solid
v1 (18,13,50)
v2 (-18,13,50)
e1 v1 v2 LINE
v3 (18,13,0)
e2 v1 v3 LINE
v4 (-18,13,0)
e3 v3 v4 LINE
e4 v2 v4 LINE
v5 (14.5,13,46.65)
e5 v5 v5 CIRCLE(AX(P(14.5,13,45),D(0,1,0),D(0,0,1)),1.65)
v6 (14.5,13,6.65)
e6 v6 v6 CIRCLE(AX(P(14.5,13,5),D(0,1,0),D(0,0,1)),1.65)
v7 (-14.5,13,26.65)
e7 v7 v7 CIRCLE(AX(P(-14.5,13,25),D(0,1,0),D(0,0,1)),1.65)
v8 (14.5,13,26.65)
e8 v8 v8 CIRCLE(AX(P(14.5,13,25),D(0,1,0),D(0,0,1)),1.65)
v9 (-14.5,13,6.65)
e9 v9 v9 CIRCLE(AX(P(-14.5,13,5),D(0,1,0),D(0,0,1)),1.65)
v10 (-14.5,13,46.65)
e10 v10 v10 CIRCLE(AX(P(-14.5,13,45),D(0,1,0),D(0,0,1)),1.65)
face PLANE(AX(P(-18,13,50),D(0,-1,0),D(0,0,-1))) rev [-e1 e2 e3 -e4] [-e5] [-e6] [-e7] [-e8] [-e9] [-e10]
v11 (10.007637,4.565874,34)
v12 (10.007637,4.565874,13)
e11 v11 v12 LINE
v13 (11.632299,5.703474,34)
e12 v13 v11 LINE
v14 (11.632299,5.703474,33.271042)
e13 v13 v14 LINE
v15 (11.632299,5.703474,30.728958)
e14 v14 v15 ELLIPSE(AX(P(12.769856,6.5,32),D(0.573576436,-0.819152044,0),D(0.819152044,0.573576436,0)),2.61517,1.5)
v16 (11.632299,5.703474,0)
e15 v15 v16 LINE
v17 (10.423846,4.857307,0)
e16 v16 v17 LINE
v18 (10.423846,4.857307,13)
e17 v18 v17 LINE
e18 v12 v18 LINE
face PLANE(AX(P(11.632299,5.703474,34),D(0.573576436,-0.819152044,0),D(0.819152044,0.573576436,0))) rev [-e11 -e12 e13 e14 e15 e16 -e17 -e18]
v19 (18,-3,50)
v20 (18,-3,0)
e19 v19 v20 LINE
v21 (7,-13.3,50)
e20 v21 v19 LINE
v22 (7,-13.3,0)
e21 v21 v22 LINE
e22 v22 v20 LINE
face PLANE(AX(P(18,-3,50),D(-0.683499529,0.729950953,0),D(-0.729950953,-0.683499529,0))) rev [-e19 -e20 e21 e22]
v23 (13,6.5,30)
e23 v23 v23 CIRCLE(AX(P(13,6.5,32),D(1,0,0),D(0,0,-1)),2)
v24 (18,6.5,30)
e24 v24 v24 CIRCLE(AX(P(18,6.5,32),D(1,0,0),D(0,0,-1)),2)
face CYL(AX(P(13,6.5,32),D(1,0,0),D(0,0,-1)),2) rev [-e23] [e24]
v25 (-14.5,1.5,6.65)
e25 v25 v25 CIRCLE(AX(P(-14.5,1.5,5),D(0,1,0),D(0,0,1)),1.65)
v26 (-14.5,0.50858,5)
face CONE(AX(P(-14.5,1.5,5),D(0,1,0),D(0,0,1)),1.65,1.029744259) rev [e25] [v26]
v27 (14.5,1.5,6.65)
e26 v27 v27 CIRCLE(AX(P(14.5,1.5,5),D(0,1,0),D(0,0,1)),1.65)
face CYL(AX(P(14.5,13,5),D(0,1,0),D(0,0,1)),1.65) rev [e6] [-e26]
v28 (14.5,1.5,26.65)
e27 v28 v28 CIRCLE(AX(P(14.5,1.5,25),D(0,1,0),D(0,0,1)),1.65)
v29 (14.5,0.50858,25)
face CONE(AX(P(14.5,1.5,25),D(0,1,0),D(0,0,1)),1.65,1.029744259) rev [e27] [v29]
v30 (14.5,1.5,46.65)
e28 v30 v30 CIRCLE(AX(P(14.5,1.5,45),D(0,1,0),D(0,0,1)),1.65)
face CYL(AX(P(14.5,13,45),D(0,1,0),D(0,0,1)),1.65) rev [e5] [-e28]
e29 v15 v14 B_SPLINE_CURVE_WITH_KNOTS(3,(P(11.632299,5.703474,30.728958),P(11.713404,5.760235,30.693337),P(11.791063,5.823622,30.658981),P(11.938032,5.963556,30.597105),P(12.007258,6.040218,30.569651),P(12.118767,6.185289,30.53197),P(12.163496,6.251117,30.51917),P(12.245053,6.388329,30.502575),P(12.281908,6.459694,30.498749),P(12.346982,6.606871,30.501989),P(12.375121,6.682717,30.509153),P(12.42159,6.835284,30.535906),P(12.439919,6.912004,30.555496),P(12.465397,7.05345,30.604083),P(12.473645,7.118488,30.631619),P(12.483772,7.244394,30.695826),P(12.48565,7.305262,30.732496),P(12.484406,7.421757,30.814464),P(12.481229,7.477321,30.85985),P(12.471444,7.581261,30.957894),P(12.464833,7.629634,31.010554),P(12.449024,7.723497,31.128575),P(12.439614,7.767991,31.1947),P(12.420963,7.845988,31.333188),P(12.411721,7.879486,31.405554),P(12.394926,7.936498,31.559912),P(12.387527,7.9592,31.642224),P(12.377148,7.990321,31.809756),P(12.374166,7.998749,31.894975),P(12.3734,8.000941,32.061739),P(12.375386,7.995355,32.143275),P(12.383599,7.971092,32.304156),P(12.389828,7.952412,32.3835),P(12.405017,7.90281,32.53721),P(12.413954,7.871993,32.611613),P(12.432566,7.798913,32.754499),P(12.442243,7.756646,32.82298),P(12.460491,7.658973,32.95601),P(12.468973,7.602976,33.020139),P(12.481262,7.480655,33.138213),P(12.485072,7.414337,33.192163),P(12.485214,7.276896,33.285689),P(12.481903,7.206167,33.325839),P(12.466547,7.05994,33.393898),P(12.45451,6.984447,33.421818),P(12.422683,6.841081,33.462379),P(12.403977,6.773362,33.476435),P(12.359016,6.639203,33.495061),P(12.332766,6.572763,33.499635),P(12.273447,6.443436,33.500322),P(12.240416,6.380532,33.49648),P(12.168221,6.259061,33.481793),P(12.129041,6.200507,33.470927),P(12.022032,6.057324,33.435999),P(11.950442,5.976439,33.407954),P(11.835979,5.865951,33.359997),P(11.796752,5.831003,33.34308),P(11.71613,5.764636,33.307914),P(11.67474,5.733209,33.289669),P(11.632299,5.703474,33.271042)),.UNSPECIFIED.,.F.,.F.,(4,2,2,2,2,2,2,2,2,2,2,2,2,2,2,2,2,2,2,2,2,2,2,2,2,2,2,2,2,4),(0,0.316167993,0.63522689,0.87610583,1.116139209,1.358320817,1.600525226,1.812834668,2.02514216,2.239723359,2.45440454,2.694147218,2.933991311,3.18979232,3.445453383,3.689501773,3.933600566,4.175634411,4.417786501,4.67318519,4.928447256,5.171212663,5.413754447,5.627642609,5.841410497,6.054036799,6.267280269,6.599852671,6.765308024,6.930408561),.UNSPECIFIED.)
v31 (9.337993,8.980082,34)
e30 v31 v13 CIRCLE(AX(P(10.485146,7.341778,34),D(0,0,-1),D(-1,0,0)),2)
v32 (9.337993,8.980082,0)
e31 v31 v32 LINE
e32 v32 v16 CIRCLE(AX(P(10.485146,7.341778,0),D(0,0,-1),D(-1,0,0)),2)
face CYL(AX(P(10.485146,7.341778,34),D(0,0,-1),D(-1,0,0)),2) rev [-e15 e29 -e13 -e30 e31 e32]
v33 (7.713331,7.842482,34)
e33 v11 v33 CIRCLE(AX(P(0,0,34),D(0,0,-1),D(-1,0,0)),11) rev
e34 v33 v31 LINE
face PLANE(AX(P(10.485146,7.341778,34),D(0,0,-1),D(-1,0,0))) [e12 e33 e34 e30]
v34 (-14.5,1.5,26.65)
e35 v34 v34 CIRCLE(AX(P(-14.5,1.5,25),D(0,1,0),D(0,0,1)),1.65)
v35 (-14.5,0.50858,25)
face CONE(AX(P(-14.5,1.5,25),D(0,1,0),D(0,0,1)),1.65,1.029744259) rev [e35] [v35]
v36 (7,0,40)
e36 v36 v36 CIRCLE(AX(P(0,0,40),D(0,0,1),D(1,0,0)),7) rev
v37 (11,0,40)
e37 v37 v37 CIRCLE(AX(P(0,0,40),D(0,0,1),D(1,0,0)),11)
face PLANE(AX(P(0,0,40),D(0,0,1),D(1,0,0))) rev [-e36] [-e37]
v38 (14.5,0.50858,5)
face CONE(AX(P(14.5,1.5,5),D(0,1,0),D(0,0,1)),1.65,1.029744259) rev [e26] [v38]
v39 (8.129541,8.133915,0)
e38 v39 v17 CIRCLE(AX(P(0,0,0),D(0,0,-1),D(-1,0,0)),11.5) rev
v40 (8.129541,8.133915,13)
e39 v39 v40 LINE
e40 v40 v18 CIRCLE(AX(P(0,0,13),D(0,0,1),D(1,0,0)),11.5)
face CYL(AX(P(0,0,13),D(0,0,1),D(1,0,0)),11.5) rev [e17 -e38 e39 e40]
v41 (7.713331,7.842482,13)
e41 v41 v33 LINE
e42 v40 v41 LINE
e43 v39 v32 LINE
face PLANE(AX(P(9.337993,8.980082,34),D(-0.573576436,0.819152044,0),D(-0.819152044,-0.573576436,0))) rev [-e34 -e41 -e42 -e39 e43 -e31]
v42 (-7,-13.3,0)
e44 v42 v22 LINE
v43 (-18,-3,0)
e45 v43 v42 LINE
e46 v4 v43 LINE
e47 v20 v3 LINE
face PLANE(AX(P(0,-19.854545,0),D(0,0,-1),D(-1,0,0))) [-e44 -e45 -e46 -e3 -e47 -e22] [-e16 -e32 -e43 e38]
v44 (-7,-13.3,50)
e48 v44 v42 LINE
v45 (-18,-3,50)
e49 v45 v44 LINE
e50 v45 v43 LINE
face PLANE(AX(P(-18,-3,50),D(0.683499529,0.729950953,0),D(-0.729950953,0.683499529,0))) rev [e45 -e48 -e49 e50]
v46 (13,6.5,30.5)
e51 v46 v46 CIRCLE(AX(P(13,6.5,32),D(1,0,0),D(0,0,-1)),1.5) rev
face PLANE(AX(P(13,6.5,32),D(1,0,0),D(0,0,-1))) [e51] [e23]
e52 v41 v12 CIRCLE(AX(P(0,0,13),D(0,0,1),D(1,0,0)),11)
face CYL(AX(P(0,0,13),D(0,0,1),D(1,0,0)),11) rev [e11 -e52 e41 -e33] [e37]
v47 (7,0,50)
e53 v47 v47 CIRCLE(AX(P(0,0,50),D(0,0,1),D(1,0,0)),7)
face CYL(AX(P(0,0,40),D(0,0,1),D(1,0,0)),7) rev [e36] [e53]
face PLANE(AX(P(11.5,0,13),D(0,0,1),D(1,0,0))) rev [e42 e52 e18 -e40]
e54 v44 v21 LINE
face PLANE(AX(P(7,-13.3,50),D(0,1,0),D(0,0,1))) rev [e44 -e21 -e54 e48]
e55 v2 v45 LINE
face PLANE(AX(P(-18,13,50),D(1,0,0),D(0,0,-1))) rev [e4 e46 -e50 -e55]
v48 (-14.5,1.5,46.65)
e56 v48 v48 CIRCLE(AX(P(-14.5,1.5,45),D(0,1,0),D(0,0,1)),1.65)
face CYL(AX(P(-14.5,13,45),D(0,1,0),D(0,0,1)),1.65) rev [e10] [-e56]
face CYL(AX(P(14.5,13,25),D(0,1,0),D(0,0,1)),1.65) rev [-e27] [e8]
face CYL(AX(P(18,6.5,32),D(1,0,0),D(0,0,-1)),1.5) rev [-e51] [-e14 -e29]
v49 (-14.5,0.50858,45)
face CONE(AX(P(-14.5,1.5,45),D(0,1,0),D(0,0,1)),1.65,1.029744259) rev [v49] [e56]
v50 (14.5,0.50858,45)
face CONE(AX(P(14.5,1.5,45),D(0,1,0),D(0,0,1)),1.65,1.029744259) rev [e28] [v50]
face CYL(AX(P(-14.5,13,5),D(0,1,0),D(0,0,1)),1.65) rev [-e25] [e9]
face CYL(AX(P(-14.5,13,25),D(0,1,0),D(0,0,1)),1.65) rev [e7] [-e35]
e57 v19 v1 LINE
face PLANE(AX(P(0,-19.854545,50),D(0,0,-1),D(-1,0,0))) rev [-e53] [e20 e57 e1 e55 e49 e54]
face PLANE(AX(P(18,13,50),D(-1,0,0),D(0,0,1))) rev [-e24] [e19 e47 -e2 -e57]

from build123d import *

# Parameters (mm, degrees)
EXTRUDE_1_DEPTH             = 50
SKETCH_2_OUTSIDE_W          = 51.398
SKETCH_2_OUTSIDE_H          = 41.698
SKETCH_2_OUTSIDE_R          = 7
CUT_EXTRUDE_3_DEPTH         = 10
SKETCH_5_R                  = 11
CUT_EXTRUDE_5_DEPTH         = 27
HOLE_WIZARD_M4_1_AT_2_COUNT = 2
HOLE_WIZARD_M4_1_AT_2_PITCH = 20
HOLE_WIZARD_M4_1_AT_3_COUNT = 2
HOLE_WIZARD_M4_1_AT_3_PITCH = 40
CUT_EXTRUDE_1_DEPTH         = 34
HOLE_WIZARD_3_0_3_1_REACH   = 65.031
HOLE_WIZARD_3_0_3_1_BORE_R  = 1.5
SKETCH_65_R                 = 2
CUT_EXTRUDE_2_DEPTH         = 5


with BuildPart() as part:
    # 草图1 → 拉伸1 (new body)
    with BuildSketch(Plane.XY):
        Polygon((-18, 13), (-18, -3), (-7, -13.3), (7, -13.3), (18, -3), (18, 13), align=None)
    extrude(amount=EXTRUDE_1_DEPTH)

    # 草图2 outside → 拉伸3 (cut)
    # profile 1 of 2: a face of its own
    with BuildSketch(Plane.XY.offset(50)):
        with Locations((0, -0.15)):
            Rectangle(SKETCH_2_OUTSIDE_W, SKETCH_2_OUTSIDE_H)
        Polygon((18, -3), (18, 13), (-18, 13), (-18, -3), (-7, -13.3), (7, -13.3), align=None, mode=Mode.SUBTRACT)
    # profile 2 of 2: a face of its own
    with BuildSketch(Plane.XY.offset(50)):
        Circle(SKETCH_2_OUTSIDE_R)
    extrude(amount=-CUT_EXTRUDE_3_DEPTH, mode=Mode.SUBTRACT)

    # 草图5 → 拉伸5 (cut)
    with BuildSketch(Plane.XY.offset(40)):
        Circle(SKETCH_5_R)
    extrude(amount=-CUT_EXTRUDE_5_DEPTH, mode=Mode.SUBTRACT)

    # 草图57 → M24 螺纹孔1 (revolve, cut)
    with BuildSketch(Plane(origin=(0, 0, 13), x_dir=(0, -1, 0), z_dir=(1, 0, 0))):
        Polygon((0, 0), (0, 19.909897119), (11.5, 13), (11.5, 0), align=None)
    revolve(axis=Axis((0, 0, 19.35), (0, 0, -1)), mode=Mode.SUBTRACT)

    # 草图58 → M4 螺纹孔1 (revolve, cut)
    with BuildSketch(Plane(origin=(-14.5, 13, 5), x_dir=(0, 0, 1), z_dir=(1, 0, 0))):
        Polygon((0, 0), (0, 12.491420021), (1.65, 11.5), (1.65, 0), align=None)
    hole_wizard_m4_1 = revolve(axis=Axis((-14.5, 19.35, 5), (0, -1, 0)), mode=Mode.SUBTRACT)

    # M4 螺纹孔1 at 2: M4 螺纹孔1 ×2
    with Locations(*[(0, 0, i * HOLE_WIZARD_M4_1_AT_2_PITCH) for i in range(1, HOLE_WIZARD_M4_1_AT_2_COUNT)]):
        add(hole_wizard_m4_1, mode=Mode.SUBTRACT)

    # M4 螺纹孔1 at 3: M4 螺纹孔1 ×2
    with Locations(*[(0, 0, i * HOLE_WIZARD_M4_1_AT_3_PITCH) for i in range(1, HOLE_WIZARD_M4_1_AT_3_COUNT)]):
        add(hole_wizard_m4_1, mode=Mode.SUBTRACT)

    # 镜向1: M4 螺纹孔1 across plane
    add(hole_wizard_m4_1.mirror(Plane(origin=(0, 0, 0), x_dir=(0, 0, 1), z_dir=(1, 0, 0))), mode=Mode.SUBTRACT)

    # 镜向1 copy 1 sketch → 镜向1 copy 1 (revolve, cut)
    with BuildSketch(Plane(origin=(14.5, 13, 25), x_dir=(0, 0, 1), z_dir=(-1, 0, 0))):
        Polygon((0, 0), (0, -12.491420021), (1.65, -11.5), (1.65, 0), align=None)
    revolve(axis=Axis((14.5, 19.35, 25), (0, 1, 0)), mode=Mode.SUBTRACT)

    # 镜向1 copy 2 sketch → 镜向1 copy 2 (revolve, cut)
    with BuildSketch(Plane(origin=(14.5, 13, 45), x_dir=(0, 0, 1), z_dir=(-1, 0, 0))):
        Polygon((0, 0), (0, -12.491420021), (1.65, -11.5), (1.65, 0), align=None)
    revolve(axis=Axis((14.5, 19.35, 45), (0, 1, 0)), mode=Mode.SUBTRACT)

    # 草图61 → 切除-拉伸1 (cut)
    with BuildSketch(Plane(origin=(0, 0, 0), x_dir=(-1, 0, 0), z_dir=(0, 0, -1))):
        with BuildLine():
            Line((-9.337993294, 8.980082474), (1.147152873, 1.638304089))
            ThreePointArc((1.147152873, 1.638304089), (1.638304089, -1.147152873), (-1.147152873, -1.638304089))
            Line((-1.147152873, -1.638304089), (-11.63229904, 5.703474297))
            ThreePointArc((-11.63229904, 5.703474297), (-12.123450255, 8.488931258), (-9.337993294, 8.980082474))
        make_face()
    extrude(amount=-CUT_EXTRUDE_1_DEPTH, mode=Mode.SUBTRACT)

    # Ø3.0 (3) 直径孔1 bore → Ø3.0 (3) 直径孔1 (cut, up to next)
    with BuildSketch(Plane(origin=(18, 0, 0), x_dir=(0, 0, -1), z_dir=(1, 0, 0)), mode=Mode.PRIVATE) as hole_wizard_3_0_3_1_sk1:
        with Locations((-32, 6.5)):
            Circle(HOLE_WIZARD_3_0_3_1_BORE_R)
    hole_wizard_3_0_3_1_tool1 = extrude(hole_wizard_3_0_3_1_sk1.sketch, amount=-HOLE_WIZARD_3_0_3_1_REACH, mode=Mode.PRIVATE) & part.part
    add(hole_wizard_3_0_3_1_tool1.solids().sort_by_distance((18, 6.5, 32))[0], mode=Mode.SUBTRACT)

    # 草图65 → 切除-拉伸2 (cut)
    with BuildSketch(Plane(origin=(18, 0, 0), x_dir=(0, 0, -1), z_dir=(1, 0, 0))):
        with Locations((-32, 6.5)):
            Circle(SKETCH_65_R)
    extrude(amount=-CUT_EXTRUDE_2_DEPTH, mode=Mode.SUBTRACT)


solid = part.part
